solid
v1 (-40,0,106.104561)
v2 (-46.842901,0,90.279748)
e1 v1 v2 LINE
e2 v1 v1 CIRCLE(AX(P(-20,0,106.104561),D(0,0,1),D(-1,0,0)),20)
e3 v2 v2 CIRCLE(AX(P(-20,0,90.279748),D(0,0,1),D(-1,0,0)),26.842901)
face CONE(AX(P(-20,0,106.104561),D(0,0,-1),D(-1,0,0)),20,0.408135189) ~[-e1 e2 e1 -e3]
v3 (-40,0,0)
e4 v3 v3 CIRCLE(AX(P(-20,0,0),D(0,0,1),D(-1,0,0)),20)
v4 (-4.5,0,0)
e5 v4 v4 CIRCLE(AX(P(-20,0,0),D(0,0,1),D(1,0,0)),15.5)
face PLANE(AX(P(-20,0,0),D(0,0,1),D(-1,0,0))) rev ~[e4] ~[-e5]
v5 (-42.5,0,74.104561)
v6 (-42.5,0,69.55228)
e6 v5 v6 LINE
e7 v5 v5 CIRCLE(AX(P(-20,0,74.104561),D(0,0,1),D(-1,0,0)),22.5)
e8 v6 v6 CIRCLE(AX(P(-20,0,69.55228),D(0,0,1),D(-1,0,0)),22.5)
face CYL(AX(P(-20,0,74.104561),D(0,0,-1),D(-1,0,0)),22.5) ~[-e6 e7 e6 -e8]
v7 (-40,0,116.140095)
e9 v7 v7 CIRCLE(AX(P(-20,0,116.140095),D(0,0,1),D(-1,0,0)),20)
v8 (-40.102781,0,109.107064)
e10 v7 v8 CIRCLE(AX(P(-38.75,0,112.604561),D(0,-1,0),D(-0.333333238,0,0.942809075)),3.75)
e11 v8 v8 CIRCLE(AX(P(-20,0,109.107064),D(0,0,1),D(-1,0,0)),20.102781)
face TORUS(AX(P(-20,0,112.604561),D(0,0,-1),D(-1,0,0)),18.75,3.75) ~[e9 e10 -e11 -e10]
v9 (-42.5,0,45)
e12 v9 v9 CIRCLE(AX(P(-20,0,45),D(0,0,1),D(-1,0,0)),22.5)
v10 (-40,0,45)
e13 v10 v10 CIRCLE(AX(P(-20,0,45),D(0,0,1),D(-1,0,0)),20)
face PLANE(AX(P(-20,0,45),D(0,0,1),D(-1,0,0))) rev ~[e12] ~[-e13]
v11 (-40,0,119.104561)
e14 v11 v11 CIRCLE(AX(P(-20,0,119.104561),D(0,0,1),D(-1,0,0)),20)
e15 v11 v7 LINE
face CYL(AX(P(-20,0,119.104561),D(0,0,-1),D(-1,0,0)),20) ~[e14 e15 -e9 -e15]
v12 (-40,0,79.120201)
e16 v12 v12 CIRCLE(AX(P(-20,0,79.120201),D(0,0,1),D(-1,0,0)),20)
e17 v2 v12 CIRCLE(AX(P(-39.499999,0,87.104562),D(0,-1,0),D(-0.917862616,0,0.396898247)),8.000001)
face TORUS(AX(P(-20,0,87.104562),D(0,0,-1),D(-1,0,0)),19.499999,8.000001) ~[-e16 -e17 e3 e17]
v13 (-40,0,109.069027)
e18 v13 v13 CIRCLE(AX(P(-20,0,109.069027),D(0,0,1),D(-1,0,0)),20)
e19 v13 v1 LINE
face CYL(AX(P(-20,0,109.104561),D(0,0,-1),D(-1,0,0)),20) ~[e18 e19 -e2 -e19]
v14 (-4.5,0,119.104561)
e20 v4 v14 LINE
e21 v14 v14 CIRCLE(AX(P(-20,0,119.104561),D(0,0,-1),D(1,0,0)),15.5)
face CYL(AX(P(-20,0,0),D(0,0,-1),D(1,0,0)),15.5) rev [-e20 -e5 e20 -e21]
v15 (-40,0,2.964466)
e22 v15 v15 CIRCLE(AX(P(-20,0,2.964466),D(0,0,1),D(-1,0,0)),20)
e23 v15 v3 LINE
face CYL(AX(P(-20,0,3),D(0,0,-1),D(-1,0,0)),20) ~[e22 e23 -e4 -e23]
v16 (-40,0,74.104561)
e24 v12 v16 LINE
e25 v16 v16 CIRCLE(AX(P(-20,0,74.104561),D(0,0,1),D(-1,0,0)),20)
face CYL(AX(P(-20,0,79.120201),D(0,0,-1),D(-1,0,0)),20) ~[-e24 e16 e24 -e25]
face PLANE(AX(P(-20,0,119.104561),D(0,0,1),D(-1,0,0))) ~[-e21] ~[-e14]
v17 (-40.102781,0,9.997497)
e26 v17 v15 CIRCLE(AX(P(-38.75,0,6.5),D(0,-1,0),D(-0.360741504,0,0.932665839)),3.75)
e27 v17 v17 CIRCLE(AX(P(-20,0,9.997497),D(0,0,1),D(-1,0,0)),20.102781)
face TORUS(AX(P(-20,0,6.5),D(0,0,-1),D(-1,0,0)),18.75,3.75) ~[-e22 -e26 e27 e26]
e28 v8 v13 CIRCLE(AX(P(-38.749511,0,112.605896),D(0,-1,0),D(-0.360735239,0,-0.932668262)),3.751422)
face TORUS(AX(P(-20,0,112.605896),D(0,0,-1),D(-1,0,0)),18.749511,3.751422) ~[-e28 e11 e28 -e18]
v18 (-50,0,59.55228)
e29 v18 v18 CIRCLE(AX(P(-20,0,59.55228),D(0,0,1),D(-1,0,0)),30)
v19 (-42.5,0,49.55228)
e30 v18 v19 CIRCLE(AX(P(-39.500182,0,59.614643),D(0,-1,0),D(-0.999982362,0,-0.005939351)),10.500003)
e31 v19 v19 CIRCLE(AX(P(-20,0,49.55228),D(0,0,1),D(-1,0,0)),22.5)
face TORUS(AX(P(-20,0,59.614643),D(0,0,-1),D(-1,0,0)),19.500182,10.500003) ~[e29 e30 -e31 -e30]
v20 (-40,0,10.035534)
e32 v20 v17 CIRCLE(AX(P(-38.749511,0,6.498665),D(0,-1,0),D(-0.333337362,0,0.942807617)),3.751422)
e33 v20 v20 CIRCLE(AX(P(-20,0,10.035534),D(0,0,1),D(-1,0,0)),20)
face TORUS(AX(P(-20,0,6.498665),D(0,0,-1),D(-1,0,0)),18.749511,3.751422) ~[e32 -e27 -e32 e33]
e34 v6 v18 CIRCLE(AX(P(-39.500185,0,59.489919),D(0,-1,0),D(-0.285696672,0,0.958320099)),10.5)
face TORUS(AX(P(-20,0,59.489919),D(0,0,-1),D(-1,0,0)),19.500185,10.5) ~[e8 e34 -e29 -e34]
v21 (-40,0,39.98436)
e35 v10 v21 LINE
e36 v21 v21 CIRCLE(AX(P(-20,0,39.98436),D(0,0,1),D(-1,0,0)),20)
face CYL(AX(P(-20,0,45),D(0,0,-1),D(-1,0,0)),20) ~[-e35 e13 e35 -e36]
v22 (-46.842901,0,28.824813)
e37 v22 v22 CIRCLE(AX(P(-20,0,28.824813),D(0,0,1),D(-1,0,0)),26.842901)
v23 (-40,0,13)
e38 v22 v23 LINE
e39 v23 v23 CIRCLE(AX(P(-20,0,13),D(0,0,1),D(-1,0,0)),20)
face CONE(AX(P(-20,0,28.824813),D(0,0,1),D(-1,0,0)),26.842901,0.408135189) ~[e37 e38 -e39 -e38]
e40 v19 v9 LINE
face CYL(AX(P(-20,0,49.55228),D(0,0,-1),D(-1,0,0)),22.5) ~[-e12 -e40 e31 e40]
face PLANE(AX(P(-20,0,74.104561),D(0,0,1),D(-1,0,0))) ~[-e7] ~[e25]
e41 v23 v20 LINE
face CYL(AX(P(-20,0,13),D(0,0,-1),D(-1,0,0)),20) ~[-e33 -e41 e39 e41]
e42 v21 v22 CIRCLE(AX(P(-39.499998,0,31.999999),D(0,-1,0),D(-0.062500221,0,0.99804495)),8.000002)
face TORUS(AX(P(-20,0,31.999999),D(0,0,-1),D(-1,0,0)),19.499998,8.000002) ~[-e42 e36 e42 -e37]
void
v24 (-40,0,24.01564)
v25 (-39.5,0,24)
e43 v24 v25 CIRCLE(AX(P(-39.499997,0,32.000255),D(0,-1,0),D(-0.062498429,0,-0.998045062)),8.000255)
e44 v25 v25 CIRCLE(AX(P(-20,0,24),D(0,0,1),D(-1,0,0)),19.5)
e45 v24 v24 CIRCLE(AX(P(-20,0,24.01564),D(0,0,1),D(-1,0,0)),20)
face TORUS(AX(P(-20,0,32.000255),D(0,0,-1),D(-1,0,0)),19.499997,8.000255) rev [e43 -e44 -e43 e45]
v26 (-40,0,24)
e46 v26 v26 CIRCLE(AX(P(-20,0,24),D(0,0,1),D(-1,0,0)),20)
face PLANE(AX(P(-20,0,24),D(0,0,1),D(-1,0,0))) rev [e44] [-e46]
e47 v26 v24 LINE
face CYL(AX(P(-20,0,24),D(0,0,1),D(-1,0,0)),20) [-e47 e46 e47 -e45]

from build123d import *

# Parameters (mm, degrees)
F3_DEPTH = 120


with BuildPart() as f1:
    # F0 (on Front) → F1 (revolve)
    with BuildSketch(Plane.XZ):
        Polygon((-40, 0), (-20, 0), (-20, 3), (-37.5, 3), (-40, 3), (-40, 2.964466), align=None)
        with BuildLine():
            Line((-37.5, 3), (-20, 3))
            Line((-20, 3), (-20, 10))
            Line((-20, 10), (-40, 10.035534))
            Line((-40, 10.035534), (-40, 10))
            Line((-40, 10), (-40.102781, 9.997497))
            ThreePointArc((-40.102781, 9.997497), (-42.4996, 6.445203), (-40, 2.964466))
            Line((-40, 2.964466), (-40, 3))
            Line((-40, 3), (-37.5, 3))
        make_face()
        Polygon((-40, 10.035534), (-20, 10), (-20, 13), (-40, 13), align=None)
        with BuildLine():
            ThreePointArc((-40, 10.035534), (-40.051529, 10.016891), (-40.102781, 9.997497))
            Line((-40.102781, 9.997497), (-40, 10))
            Line((-40, 10), (-40, 10.035534))
        make_face()
        with BuildLine():
            Line((-40, 13), (-20, 13))
            Line((-20, 13), (-20, 40))
            Line((-20, 40), (-39.5, 40))
            ThreePointArc((-39.5, 40), (-39.750122, 39.996089), (-40, 39.98436))
            ThreePointArc((-40, 39.98436), (-46.319944, 36.181908), (-46.842901, 28.824813))
            Line((-46.842901, 28.824813), (-40, 13))
        make_face()
        with BuildLine():
            Line((-39.5, 24), (-40, 24))
            Line((-40, 24), (-40, 24.01564))
            ThreePointArc((-40, 24.01564), (-39.750122, 24.003911), (-39.5, 24))
        make_face(mode=Mode.SUBTRACT)
        Polygon((-39.5, 40), (-20, 40), (-20, 45), (-40, 45), (-40, 40), align=None)
        Polygon((-40, 45), (-20, 45), (-20, 49.55228), (-42.5, 49.55228), (-42.5, 45), align=None)
        with BuildLine():
            ThreePointArc((-40, 39.98436), (-39.750122, 39.996089), (-39.5, 40))
            Line((-39.5, 40), (-40, 40))
            Line((-40, 40), (-40, 39.98436))
        make_face()
        with BuildLine():
            Line((-42.5, 49.55228), (-20, 49.55228))
            Line((-20, 49.55228), (-20, 69.55228))
            Line((-20, 69.55228), (-42.5, 69.55228))
            ThreePointArc((-42.5, 69.55228), (-47.900185, 65.789919), (-50, 59.55228))
            ThreePointArc((-50, 59.55228), (-47.900185, 53.314642), (-42.5, 49.55228))
        make_face()
        Polygon((-42.5, 69.55228), (-20, 69.55228), (-20, 74.104561), (-40, 74.104561), (-42.5, 74.104561), align=None)
        Polygon((-40, 74.104561), (-20, 74.104561), (-20, 79.104561), (-39.5, 79.104561), (-40, 79.104561), align=None)
        with BuildLine():
            Line((-39.5, 79.104561), (-20, 79.104561))
            Line((-20, 79.104561), (-20, 106.104561))
            Line((-20, 106.104561), (-40, 106.104561))
            Line((-40, 106.104561), (-46.842901, 90.279748))
            ThreePointArc((-46.842901, 90.279748), (-46.319944, 82.922652), (-40, 79.120201))
            ThreePointArc((-40, 79.120201), (-39.750122, 79.108472), (-39.5, 79.104561))
        make_face()
        with BuildLine():
            Line((-40, 79.120201), (-40, 79.104561))
            Line((-40, 79.104561), (-39.5, 79.104561))
            ThreePointArc((-39.5, 79.104561), (-39.750122, 79.108472), (-40, 79.120201))
        make_face()
        Polygon((-40, 106.104561), (-20, 106.104561), (-20, 109.104561), (-37.5, 109.104561), (-40, 109.104561), (-40, 109.069027), align=None)
        with BuildLine():
            Line((-37.5, 109.104561), (-20, 109.104561))
            Line((-20, 109.104561), (-20, 116.104561))
            Line((-20, 116.104561), (-37.5, 116.104561))
            Line((-37.5, 116.104561), (-38.75, 116.104561))
            Line((-38.75, 116.104561), (-40, 116.104561))
            Line((-40, 116.104561), (-40, 116.140095))
            ThreePointArc((-40, 116.140095), (-42.4996, 112.659358), (-40.102781, 109.107064))
            Line((-40.102781, 109.107064), (-40, 109.104561))
            Line((-40, 109.104561), (-37.5, 109.104561))
        make_face()
        with BuildLine():
            ThreePointArc((-40.102781, 109.107064), (-40.051529, 109.08767), (-40, 109.069027))
            Line((-40, 109.069027), (-40, 109.104561))
            Line((-40, 109.104561), (-40.102781, 109.107064))
        make_face()
        Polygon((-37.5, 116.104561), (-20, 116.104561), (-20, 119.104561), (-40, 119.104561), (-40, 116.140095), (-40, 116.104561), (-38.75, 116.104561), align=None)
    revolve(axis=Axis((-20, 0, 59.55228), (0, 0, 1)))

    # F2 (on Top) → F3 (cut)
    with BuildSketch(Plane.XY):
        with BuildLine():
            ThreePointArc((-35.5, 0), (-20, -15.5), (-4.5, 0))
            Line((-4.5, 0), (-35.5, 0))
        make_face()
        with BuildLine():
            Line((-35.5, 0), (-4.5, 0))
            ThreePointArc((-4.5, 0), (-20, 15.5), (-35.5, 0))
        make_face()
    extrude(amount=F3_DEPTH, mode=Mode.SUBTRACT)


solid = f1.part
